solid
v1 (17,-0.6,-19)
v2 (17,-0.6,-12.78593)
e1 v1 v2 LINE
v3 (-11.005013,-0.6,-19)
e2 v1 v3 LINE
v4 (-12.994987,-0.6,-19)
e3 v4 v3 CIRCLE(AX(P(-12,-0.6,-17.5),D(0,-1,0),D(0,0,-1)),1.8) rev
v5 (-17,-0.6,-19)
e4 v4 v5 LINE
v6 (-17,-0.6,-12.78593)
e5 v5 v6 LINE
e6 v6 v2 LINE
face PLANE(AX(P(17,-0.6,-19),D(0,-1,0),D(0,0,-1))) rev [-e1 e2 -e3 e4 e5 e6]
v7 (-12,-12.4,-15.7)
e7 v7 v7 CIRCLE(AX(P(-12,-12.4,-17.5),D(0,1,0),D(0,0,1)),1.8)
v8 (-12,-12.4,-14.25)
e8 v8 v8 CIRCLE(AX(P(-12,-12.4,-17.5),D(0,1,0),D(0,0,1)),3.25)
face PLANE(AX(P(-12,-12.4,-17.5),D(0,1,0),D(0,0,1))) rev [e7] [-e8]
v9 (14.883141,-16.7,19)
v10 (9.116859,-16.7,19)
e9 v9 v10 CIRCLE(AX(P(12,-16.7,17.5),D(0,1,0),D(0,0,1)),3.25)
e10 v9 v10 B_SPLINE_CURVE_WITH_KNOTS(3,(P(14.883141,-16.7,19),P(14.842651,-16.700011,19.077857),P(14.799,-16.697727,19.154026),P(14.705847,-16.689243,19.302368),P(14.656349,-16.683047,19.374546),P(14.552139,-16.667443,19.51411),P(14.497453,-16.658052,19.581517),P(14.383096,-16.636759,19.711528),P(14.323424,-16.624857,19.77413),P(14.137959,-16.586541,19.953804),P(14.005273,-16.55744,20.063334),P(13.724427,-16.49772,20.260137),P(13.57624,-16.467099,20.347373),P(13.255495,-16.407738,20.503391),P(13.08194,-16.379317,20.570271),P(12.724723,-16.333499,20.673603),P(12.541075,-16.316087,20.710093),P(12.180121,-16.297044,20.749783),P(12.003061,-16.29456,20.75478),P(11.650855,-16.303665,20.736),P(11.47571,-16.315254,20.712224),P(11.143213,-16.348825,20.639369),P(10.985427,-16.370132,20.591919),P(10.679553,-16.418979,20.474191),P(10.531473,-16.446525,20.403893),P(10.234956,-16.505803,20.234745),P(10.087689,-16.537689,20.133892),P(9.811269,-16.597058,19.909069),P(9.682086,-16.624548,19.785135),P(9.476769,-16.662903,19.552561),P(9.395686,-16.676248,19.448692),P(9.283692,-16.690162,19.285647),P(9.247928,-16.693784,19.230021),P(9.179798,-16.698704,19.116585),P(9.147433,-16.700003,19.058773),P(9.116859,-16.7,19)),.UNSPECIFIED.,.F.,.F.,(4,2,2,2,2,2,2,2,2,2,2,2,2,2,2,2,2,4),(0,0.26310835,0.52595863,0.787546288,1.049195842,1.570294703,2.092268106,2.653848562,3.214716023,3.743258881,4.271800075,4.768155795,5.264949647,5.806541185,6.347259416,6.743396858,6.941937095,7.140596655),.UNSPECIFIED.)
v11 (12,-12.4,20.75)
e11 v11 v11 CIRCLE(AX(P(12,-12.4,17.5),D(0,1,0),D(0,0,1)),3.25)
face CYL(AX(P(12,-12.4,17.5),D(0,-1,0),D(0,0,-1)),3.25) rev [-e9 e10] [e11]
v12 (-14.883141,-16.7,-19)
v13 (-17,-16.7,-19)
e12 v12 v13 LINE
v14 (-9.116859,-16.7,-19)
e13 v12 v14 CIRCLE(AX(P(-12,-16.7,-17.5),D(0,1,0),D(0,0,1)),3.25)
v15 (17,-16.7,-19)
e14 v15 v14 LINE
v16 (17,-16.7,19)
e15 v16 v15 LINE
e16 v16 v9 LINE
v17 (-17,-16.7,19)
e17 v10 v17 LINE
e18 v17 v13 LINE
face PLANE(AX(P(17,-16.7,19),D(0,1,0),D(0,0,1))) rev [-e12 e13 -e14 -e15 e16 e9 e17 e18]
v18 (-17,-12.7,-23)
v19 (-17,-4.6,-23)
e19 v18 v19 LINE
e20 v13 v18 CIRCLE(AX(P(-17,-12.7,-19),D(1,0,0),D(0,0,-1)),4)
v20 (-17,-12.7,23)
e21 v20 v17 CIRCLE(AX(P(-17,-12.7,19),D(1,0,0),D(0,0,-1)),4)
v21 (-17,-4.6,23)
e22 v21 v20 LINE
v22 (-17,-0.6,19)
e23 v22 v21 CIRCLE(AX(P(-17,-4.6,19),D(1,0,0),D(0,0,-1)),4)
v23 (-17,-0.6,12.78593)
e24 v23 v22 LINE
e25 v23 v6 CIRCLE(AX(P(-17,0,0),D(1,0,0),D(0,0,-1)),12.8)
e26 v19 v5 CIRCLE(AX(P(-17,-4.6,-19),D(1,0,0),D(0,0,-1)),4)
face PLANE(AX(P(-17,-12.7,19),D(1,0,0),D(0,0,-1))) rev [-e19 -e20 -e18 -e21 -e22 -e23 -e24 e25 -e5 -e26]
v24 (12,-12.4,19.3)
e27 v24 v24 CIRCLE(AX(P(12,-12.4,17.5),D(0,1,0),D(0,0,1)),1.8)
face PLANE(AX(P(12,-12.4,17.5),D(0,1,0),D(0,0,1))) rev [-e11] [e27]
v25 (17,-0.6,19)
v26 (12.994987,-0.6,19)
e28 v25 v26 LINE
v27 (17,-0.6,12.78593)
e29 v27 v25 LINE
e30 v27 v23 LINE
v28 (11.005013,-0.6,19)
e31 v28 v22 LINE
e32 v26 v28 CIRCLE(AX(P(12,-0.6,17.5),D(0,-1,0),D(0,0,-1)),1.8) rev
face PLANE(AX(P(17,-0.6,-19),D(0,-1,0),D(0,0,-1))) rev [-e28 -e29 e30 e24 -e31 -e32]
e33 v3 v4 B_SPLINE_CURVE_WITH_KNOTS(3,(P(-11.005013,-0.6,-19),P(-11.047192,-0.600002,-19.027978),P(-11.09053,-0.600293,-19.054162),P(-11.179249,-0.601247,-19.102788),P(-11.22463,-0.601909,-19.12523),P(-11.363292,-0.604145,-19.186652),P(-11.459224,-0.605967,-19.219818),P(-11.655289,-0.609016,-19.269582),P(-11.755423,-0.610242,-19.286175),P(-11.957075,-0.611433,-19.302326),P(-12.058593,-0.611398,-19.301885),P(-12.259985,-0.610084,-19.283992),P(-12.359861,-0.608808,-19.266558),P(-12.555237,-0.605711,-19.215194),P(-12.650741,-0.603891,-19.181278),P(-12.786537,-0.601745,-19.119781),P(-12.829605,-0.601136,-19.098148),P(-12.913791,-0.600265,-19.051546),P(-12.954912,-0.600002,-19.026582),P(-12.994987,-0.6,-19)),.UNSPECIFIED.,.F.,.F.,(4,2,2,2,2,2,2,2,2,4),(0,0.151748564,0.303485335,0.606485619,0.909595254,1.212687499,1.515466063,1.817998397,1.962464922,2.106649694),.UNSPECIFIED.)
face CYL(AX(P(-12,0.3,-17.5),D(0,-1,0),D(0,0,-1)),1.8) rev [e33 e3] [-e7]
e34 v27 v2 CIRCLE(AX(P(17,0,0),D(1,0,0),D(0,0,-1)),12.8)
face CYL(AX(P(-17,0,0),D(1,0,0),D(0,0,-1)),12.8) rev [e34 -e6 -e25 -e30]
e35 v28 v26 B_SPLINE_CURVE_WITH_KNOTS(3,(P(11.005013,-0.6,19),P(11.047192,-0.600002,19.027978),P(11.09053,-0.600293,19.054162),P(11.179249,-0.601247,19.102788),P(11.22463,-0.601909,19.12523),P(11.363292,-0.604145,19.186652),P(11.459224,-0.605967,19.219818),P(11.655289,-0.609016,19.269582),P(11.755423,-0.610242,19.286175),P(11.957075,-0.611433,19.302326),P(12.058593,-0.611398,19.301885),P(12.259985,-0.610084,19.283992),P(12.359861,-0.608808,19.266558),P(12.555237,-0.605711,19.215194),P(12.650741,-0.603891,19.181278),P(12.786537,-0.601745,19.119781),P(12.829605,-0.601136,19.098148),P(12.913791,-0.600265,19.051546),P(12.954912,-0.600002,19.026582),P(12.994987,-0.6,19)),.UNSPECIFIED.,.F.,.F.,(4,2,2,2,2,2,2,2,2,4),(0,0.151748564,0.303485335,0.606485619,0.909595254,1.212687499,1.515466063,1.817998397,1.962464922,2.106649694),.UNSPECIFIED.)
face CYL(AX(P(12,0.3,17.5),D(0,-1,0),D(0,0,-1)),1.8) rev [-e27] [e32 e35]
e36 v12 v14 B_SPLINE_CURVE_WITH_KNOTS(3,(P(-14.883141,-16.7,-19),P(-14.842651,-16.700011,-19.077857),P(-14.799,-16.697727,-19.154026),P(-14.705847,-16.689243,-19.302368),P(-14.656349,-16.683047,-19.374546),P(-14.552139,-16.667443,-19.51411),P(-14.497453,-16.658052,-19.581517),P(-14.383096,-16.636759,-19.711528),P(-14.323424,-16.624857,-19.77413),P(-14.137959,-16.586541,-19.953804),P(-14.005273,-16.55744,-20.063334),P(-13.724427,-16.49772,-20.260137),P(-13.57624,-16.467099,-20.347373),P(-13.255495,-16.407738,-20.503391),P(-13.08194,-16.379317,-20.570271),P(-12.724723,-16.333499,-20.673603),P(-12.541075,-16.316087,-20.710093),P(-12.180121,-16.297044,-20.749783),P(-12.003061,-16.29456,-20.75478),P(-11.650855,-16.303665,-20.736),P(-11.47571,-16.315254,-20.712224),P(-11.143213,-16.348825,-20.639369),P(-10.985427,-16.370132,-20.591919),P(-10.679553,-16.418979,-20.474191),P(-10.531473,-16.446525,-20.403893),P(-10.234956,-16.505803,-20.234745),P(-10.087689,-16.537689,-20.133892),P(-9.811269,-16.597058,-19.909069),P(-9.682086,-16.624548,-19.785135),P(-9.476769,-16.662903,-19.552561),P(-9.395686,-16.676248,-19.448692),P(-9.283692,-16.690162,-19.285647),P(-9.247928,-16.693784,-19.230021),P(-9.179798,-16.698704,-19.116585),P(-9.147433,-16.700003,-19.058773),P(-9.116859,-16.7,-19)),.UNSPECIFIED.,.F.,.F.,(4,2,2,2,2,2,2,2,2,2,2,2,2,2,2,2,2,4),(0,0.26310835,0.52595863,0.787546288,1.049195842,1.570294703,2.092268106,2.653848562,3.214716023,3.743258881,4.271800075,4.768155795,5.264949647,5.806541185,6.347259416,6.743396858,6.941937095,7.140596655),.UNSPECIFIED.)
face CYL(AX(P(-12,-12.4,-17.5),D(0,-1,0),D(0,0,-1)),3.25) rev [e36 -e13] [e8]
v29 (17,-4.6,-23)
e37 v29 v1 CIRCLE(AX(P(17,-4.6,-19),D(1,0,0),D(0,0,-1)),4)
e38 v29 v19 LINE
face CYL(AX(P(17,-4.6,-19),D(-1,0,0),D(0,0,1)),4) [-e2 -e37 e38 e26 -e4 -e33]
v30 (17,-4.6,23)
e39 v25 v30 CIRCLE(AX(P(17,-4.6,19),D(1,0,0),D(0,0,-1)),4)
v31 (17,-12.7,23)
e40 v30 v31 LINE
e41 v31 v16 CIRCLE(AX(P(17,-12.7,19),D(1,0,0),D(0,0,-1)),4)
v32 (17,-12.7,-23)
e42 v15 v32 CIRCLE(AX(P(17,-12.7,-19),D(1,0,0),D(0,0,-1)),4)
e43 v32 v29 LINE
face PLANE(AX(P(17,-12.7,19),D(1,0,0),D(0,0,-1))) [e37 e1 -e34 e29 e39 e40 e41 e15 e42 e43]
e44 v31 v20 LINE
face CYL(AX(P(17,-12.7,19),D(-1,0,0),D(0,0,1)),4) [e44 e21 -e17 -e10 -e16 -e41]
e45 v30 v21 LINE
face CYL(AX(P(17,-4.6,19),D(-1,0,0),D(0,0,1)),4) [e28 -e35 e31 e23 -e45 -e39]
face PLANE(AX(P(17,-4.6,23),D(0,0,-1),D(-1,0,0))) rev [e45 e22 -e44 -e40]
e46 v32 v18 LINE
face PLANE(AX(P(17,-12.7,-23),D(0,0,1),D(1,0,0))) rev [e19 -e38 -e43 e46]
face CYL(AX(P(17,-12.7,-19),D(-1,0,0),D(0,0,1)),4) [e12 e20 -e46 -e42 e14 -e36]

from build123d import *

# Parameters (mm, degrees)
BOSS_EXTRUDE1_DEPTH     = 17
CUT_EXTRUDE1_DEPTH      = 34.119329703
CUT_EXTRUDE1_DEPTH_BACK = 34.119329703
SKETCH2_R               = 12.8
SKETCH3_R               = 1.8
CUT_EXTRUDE2_DEPTH      = 17
SKETCH4_R               = 3.25
CUT_EXTRUDE3_DEPTH      = 4.3


with BuildPart() as part:
    # Sketch1 → Boss-Extrude1 (new, symmetric)
    with BuildSketch(Plane(origin=(0, 0, 0), x_dir=(0, 0, -1), z_dir=(1, 0, 0))):
        with BuildLine():
            Line((-19, -16.7), (19, -16.7))
            ThreePointArc((19, -16.7), (21.828427125, -15.528427125), (23, -12.7))
            Line((23, -12.7), (23, -4.6))
            ThreePointArc((23, -4.6), (21.828427125, -1.771572875), (19, -0.6))
            Line((19, -0.6), (-19, -0.6))
            ThreePointArc((-19, -0.6), (-21.828427125, -1.771572875), (-23, -4.6))
            Line((-23, -4.6), (-23, -12.7))
            ThreePointArc((-23, -12.7), (-21.828427125, -15.528427125), (-19, -16.7))
        make_face()
    extrude(amount=BOSS_EXTRUDE1_DEPTH, both=True)

    # Sketch2 → Cut-Extrude1 (cut, two sides: drawn at the far end of the back side and taken through both)
    with BuildSketch(Plane(origin=(0, 0, 0), x_dir=(0, 0, -1), z_dir=(1, 0, 0)).offset(-CUT_EXTRUDE1_DEPTH_BACK)):
        Circle(SKETCH2_R)
    extrude(amount=CUT_EXTRUDE1_DEPTH + CUT_EXTRUDE1_DEPTH_BACK, mode=Mode.SUBTRACT)

    # Sketch3 → Cut-Extrude2 (cut)
    with BuildSketch(Plane(origin=(0, -16.7, 0), x_dir=(1, 0, 0), z_dir=(0, 1, 0))):
        with Locations(Location((12, -17.5, 0), (0, 0, 236.442690238))):
            Circle(SKETCH3_R)
        with Locations(Location((-12, 17.5, 0), (0, 0, 56.442690238))):
            Circle(SKETCH3_R)
    extrude(amount=CUT_EXTRUDE2_DEPTH, mode=Mode.SUBTRACT)

    # Sketch4 → Cut-Extrude3 (cut)
    with BuildSketch(Plane(origin=(0, -16.7, 0), x_dir=(1, 0, 0), z_dir=(0, 1, 0))):
        with Locations(Location((12, -17.5, 0), (0, 0, 207.48642625))):
            Circle(SKETCH4_R)
        with Locations(Location((-12, 17.5, 0), (0, 0, 27.48642625))):
            Circle(SKETCH4_R)
    extrude(amount=CUT_EXTRUDE3_DEPTH, mode=Mode.SUBTRACT)


solid = part.part
